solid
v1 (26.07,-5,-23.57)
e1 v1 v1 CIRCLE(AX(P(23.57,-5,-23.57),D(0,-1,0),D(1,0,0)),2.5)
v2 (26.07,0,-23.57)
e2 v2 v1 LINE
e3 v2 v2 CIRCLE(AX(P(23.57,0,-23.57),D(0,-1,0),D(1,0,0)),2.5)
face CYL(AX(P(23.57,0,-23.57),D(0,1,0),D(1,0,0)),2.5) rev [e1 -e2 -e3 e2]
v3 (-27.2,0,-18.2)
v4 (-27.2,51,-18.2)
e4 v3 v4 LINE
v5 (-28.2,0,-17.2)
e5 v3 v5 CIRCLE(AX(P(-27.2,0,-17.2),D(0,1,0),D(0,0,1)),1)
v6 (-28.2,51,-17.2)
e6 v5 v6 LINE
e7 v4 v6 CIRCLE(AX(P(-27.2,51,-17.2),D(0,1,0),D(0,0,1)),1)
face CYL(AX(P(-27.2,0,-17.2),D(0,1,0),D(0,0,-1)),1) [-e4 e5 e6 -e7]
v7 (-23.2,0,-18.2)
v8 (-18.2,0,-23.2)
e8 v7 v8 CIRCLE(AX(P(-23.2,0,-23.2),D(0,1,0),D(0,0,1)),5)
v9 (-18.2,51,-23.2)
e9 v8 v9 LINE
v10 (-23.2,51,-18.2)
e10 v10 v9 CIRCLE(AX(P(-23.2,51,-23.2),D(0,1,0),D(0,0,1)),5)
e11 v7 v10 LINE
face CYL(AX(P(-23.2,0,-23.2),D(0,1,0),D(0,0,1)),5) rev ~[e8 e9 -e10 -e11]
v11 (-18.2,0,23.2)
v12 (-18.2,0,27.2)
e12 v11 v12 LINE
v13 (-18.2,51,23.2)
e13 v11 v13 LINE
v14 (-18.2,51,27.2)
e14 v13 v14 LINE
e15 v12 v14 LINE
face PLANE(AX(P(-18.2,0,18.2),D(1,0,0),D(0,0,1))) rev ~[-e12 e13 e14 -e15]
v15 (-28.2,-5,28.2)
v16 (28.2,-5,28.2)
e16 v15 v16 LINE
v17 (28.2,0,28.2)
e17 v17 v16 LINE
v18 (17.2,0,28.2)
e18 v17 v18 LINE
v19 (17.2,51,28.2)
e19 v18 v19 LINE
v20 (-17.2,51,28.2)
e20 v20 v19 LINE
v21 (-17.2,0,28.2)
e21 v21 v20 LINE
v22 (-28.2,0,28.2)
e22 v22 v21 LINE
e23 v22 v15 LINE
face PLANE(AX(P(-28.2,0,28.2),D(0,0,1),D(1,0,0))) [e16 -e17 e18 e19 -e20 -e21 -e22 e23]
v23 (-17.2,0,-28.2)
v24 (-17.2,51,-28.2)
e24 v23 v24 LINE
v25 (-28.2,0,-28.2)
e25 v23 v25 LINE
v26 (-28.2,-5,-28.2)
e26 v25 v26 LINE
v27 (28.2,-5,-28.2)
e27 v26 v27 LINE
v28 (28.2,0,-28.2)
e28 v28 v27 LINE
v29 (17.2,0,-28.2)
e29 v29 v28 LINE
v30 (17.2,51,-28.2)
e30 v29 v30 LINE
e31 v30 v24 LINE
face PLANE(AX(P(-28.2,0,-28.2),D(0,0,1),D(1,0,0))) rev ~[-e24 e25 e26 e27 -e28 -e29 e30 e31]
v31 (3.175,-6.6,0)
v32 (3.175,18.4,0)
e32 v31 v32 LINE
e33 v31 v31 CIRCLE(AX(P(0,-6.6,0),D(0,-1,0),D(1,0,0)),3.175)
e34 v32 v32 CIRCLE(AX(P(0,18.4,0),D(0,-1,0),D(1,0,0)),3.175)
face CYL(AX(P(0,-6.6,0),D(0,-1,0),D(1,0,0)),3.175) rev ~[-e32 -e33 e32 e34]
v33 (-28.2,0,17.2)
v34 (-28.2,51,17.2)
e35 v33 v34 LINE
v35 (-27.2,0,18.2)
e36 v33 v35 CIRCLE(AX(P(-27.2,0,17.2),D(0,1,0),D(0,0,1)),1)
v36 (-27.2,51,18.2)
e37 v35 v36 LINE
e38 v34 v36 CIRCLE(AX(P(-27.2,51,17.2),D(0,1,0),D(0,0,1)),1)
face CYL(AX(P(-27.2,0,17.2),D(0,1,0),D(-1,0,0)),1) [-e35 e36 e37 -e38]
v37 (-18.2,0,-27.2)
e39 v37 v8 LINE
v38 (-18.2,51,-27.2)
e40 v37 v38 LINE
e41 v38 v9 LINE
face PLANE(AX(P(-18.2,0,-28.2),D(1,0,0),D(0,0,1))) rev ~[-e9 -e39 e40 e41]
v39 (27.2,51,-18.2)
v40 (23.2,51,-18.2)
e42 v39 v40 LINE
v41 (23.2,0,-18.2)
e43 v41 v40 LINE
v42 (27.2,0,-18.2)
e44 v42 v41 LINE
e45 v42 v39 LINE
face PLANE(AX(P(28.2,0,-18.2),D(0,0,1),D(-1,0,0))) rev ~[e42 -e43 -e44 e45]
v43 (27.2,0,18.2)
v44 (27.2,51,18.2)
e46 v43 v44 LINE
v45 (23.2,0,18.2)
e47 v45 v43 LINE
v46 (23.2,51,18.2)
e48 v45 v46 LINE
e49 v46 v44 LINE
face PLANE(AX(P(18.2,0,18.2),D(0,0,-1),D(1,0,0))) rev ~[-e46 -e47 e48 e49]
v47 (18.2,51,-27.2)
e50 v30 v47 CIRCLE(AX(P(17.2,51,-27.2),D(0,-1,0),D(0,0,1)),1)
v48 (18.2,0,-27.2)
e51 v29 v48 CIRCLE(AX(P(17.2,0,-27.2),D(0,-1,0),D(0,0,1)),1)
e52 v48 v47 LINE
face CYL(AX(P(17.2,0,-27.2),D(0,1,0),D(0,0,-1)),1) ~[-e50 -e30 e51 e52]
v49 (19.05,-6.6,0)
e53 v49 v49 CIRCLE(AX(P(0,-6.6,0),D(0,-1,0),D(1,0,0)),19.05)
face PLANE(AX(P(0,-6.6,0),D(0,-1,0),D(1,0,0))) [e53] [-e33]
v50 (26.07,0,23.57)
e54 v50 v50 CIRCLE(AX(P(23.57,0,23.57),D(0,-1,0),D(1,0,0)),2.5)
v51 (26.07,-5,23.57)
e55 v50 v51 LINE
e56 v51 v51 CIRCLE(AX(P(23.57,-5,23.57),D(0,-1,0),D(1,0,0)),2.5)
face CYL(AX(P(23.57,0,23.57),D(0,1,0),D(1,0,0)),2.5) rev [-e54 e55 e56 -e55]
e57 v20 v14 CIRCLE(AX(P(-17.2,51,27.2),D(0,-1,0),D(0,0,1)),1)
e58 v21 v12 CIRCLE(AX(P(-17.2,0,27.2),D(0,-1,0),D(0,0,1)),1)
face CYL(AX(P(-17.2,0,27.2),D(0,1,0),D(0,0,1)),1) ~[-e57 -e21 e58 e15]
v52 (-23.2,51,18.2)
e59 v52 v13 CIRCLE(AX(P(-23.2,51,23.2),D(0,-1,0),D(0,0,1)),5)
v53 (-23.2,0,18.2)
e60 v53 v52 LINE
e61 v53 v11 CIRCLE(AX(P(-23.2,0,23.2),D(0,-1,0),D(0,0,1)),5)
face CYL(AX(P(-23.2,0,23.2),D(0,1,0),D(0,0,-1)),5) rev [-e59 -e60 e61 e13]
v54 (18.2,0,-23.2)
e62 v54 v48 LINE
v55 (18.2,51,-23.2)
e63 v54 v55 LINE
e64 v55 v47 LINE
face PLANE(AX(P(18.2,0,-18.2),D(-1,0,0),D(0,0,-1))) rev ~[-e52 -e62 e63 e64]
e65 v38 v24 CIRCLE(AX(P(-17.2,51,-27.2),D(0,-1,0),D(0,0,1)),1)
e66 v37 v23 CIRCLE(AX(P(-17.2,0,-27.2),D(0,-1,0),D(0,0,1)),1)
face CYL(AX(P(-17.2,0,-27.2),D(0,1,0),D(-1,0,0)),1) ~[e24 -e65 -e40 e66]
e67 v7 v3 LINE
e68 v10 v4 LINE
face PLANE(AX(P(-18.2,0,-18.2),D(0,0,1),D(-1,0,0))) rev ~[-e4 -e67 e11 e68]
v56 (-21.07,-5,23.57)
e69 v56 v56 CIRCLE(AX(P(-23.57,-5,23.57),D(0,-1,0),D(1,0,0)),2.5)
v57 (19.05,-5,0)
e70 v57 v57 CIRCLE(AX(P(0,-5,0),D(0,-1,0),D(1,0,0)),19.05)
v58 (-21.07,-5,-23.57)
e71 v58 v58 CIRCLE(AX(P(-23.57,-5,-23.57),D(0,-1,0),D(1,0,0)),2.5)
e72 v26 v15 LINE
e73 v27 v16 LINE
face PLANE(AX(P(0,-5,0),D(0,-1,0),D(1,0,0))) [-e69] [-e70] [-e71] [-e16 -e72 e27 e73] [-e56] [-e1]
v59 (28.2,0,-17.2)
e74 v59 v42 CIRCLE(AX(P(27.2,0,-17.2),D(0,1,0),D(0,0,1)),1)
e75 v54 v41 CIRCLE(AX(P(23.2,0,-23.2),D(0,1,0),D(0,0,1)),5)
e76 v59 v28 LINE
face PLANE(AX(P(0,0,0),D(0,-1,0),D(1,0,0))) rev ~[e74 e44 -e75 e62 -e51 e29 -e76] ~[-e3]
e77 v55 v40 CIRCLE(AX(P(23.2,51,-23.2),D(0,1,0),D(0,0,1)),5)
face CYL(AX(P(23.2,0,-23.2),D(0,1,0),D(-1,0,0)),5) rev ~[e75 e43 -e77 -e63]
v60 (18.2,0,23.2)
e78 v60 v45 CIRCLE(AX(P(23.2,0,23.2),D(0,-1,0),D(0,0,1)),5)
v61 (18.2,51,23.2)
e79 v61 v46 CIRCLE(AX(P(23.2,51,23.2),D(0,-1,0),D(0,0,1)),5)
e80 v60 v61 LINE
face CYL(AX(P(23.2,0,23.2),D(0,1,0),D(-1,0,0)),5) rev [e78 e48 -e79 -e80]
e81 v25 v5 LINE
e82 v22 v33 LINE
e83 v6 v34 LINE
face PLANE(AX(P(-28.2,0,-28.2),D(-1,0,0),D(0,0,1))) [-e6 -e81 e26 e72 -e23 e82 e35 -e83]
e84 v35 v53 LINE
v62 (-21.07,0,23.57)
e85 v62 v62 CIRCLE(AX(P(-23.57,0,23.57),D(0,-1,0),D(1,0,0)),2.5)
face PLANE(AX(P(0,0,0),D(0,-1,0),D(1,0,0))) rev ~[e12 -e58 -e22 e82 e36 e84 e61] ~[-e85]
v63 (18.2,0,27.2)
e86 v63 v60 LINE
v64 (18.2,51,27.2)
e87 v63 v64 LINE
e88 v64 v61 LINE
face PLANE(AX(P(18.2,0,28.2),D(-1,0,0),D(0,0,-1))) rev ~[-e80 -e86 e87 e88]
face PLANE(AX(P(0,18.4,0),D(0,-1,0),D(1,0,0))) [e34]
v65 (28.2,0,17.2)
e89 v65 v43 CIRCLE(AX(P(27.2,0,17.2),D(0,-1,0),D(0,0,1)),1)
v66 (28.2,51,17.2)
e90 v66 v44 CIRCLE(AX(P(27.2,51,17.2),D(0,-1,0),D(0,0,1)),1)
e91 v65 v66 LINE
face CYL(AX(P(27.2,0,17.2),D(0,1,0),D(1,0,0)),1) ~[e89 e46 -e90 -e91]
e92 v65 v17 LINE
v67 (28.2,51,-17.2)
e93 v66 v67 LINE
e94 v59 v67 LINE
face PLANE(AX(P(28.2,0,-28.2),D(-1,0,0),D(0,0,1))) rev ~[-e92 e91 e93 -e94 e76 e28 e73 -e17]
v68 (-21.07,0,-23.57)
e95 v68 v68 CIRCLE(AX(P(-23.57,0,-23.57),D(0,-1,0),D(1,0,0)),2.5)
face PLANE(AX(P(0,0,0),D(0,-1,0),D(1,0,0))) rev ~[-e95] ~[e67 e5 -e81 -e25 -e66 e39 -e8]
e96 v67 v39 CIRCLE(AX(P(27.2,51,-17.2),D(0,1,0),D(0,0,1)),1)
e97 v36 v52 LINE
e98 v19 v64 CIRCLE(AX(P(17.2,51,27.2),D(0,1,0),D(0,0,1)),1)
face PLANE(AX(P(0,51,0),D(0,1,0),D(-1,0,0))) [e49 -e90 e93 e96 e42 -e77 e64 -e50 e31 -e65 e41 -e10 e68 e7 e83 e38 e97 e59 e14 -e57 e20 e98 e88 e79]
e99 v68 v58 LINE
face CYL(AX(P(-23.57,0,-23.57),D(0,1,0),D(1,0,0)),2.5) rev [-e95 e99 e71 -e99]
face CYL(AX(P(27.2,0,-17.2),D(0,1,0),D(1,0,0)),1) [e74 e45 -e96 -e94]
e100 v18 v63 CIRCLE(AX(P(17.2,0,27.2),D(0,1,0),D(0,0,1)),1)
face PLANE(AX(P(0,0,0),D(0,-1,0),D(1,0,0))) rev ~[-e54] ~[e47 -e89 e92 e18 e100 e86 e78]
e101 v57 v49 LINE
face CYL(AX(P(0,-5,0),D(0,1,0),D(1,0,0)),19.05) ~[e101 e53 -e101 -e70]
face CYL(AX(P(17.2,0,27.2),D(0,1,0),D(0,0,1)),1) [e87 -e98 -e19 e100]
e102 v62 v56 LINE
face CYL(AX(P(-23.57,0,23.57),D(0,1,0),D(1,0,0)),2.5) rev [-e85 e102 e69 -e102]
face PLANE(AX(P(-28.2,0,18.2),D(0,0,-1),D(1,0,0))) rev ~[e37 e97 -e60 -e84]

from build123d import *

# Parameters (mm, degrees)
F0_W     = 56.4
F0_H     = 56.4
F0_R     = 2.5
F1_DEPTH = 5
F3_DEPTH = 51
F4_R     = 5
F5_R     = 1
F6_R     = 19.05
F7_DEPTH = 1.6
F8_R     = 3.175
F9_DEPTH = 25


with BuildPart() as f1:
    # F0 (on Front) → F1 (new body)
    with BuildSketch(Plane.XZ):
        Rectangle(F0_W, F0_H)
        with Locations((-23.57, -23.57)):
            Circle(F0_R, mode=Mode.SUBTRACT)
        with Locations((23.57, -23.57)):
            Circle(F0_R, mode=Mode.SUBTRACT)
        with Locations((-23.57, 23.57)):
            Circle(F0_R, mode=Mode.SUBTRACT)
        with Locations((23.57, 23.57)):
            Circle(F0_R, mode=Mode.SUBTRACT)
    extrude(amount=F1_DEPTH)

    # F2 (on face) → F3 (join)
    with BuildSketch(Plane(origin=(0, 0, 0), x_dir=(-1, 0, 0), z_dir=(0, 1, 0))):
        Polygon((18.2, 18.2), (18.2, 28.2), (0, 28.2), (-18.2, 28.2), (-18.2, 18.2), (-28.2, 18.2), (-28.2, 0), (-28.2, -18.2), (-18.2, -18.2), (-18.2, -28.2), (0, -28.2), (18.2, -28.2), (18.2, -18.2), (28.2, -18.2), (28.2, 0), (28.2, 18.2), align=None)
    extrude(amount=F3_DEPTH)

    # F4
    f4_edges = [f1.edges().sort_by_distance(p)[0] for p in [
        (18.2, 25.5, 18.2),
        (18.2, 25.5, -18.2),
        (-18.2, 25.5, -18.2),
        (-18.2, 25.5, 18.2),
    ]]
    fillet(f4_edges, radius=F4_R)

    # F5
    f5_edges = [f1.edges().sort_by_distance(p)[0] for p in [
        (28.2, 25.5, 18.2),
        (18.2, 25.5, 28.2),
        (-18.2, 25.5, 28.2),
        (28.2, 25.5, -18.2),
        (18.2, 25.5, -28.2),
        (-18.2, 25.5, -28.2),
        (-28.2, 25.5, -18.2),
        (-28.2, 25.5, 18.2),
    ]]
    fillet(f5_edges, radius=F5_R)

    # F6 (on face) → F7 (join)
    with BuildSketch(Plane.XZ.offset(5)):
        Circle(F6_R)
    extrude(amount=F7_DEPTH)

    # F8 (on face) → F9 (cut)
    with BuildSketch(Plane.XZ.offset(6.6)):
        Circle(F8_R)
    extrude(amount=-F9_DEPTH, mode=Mode.SUBTRACT)


solid = f1.part
